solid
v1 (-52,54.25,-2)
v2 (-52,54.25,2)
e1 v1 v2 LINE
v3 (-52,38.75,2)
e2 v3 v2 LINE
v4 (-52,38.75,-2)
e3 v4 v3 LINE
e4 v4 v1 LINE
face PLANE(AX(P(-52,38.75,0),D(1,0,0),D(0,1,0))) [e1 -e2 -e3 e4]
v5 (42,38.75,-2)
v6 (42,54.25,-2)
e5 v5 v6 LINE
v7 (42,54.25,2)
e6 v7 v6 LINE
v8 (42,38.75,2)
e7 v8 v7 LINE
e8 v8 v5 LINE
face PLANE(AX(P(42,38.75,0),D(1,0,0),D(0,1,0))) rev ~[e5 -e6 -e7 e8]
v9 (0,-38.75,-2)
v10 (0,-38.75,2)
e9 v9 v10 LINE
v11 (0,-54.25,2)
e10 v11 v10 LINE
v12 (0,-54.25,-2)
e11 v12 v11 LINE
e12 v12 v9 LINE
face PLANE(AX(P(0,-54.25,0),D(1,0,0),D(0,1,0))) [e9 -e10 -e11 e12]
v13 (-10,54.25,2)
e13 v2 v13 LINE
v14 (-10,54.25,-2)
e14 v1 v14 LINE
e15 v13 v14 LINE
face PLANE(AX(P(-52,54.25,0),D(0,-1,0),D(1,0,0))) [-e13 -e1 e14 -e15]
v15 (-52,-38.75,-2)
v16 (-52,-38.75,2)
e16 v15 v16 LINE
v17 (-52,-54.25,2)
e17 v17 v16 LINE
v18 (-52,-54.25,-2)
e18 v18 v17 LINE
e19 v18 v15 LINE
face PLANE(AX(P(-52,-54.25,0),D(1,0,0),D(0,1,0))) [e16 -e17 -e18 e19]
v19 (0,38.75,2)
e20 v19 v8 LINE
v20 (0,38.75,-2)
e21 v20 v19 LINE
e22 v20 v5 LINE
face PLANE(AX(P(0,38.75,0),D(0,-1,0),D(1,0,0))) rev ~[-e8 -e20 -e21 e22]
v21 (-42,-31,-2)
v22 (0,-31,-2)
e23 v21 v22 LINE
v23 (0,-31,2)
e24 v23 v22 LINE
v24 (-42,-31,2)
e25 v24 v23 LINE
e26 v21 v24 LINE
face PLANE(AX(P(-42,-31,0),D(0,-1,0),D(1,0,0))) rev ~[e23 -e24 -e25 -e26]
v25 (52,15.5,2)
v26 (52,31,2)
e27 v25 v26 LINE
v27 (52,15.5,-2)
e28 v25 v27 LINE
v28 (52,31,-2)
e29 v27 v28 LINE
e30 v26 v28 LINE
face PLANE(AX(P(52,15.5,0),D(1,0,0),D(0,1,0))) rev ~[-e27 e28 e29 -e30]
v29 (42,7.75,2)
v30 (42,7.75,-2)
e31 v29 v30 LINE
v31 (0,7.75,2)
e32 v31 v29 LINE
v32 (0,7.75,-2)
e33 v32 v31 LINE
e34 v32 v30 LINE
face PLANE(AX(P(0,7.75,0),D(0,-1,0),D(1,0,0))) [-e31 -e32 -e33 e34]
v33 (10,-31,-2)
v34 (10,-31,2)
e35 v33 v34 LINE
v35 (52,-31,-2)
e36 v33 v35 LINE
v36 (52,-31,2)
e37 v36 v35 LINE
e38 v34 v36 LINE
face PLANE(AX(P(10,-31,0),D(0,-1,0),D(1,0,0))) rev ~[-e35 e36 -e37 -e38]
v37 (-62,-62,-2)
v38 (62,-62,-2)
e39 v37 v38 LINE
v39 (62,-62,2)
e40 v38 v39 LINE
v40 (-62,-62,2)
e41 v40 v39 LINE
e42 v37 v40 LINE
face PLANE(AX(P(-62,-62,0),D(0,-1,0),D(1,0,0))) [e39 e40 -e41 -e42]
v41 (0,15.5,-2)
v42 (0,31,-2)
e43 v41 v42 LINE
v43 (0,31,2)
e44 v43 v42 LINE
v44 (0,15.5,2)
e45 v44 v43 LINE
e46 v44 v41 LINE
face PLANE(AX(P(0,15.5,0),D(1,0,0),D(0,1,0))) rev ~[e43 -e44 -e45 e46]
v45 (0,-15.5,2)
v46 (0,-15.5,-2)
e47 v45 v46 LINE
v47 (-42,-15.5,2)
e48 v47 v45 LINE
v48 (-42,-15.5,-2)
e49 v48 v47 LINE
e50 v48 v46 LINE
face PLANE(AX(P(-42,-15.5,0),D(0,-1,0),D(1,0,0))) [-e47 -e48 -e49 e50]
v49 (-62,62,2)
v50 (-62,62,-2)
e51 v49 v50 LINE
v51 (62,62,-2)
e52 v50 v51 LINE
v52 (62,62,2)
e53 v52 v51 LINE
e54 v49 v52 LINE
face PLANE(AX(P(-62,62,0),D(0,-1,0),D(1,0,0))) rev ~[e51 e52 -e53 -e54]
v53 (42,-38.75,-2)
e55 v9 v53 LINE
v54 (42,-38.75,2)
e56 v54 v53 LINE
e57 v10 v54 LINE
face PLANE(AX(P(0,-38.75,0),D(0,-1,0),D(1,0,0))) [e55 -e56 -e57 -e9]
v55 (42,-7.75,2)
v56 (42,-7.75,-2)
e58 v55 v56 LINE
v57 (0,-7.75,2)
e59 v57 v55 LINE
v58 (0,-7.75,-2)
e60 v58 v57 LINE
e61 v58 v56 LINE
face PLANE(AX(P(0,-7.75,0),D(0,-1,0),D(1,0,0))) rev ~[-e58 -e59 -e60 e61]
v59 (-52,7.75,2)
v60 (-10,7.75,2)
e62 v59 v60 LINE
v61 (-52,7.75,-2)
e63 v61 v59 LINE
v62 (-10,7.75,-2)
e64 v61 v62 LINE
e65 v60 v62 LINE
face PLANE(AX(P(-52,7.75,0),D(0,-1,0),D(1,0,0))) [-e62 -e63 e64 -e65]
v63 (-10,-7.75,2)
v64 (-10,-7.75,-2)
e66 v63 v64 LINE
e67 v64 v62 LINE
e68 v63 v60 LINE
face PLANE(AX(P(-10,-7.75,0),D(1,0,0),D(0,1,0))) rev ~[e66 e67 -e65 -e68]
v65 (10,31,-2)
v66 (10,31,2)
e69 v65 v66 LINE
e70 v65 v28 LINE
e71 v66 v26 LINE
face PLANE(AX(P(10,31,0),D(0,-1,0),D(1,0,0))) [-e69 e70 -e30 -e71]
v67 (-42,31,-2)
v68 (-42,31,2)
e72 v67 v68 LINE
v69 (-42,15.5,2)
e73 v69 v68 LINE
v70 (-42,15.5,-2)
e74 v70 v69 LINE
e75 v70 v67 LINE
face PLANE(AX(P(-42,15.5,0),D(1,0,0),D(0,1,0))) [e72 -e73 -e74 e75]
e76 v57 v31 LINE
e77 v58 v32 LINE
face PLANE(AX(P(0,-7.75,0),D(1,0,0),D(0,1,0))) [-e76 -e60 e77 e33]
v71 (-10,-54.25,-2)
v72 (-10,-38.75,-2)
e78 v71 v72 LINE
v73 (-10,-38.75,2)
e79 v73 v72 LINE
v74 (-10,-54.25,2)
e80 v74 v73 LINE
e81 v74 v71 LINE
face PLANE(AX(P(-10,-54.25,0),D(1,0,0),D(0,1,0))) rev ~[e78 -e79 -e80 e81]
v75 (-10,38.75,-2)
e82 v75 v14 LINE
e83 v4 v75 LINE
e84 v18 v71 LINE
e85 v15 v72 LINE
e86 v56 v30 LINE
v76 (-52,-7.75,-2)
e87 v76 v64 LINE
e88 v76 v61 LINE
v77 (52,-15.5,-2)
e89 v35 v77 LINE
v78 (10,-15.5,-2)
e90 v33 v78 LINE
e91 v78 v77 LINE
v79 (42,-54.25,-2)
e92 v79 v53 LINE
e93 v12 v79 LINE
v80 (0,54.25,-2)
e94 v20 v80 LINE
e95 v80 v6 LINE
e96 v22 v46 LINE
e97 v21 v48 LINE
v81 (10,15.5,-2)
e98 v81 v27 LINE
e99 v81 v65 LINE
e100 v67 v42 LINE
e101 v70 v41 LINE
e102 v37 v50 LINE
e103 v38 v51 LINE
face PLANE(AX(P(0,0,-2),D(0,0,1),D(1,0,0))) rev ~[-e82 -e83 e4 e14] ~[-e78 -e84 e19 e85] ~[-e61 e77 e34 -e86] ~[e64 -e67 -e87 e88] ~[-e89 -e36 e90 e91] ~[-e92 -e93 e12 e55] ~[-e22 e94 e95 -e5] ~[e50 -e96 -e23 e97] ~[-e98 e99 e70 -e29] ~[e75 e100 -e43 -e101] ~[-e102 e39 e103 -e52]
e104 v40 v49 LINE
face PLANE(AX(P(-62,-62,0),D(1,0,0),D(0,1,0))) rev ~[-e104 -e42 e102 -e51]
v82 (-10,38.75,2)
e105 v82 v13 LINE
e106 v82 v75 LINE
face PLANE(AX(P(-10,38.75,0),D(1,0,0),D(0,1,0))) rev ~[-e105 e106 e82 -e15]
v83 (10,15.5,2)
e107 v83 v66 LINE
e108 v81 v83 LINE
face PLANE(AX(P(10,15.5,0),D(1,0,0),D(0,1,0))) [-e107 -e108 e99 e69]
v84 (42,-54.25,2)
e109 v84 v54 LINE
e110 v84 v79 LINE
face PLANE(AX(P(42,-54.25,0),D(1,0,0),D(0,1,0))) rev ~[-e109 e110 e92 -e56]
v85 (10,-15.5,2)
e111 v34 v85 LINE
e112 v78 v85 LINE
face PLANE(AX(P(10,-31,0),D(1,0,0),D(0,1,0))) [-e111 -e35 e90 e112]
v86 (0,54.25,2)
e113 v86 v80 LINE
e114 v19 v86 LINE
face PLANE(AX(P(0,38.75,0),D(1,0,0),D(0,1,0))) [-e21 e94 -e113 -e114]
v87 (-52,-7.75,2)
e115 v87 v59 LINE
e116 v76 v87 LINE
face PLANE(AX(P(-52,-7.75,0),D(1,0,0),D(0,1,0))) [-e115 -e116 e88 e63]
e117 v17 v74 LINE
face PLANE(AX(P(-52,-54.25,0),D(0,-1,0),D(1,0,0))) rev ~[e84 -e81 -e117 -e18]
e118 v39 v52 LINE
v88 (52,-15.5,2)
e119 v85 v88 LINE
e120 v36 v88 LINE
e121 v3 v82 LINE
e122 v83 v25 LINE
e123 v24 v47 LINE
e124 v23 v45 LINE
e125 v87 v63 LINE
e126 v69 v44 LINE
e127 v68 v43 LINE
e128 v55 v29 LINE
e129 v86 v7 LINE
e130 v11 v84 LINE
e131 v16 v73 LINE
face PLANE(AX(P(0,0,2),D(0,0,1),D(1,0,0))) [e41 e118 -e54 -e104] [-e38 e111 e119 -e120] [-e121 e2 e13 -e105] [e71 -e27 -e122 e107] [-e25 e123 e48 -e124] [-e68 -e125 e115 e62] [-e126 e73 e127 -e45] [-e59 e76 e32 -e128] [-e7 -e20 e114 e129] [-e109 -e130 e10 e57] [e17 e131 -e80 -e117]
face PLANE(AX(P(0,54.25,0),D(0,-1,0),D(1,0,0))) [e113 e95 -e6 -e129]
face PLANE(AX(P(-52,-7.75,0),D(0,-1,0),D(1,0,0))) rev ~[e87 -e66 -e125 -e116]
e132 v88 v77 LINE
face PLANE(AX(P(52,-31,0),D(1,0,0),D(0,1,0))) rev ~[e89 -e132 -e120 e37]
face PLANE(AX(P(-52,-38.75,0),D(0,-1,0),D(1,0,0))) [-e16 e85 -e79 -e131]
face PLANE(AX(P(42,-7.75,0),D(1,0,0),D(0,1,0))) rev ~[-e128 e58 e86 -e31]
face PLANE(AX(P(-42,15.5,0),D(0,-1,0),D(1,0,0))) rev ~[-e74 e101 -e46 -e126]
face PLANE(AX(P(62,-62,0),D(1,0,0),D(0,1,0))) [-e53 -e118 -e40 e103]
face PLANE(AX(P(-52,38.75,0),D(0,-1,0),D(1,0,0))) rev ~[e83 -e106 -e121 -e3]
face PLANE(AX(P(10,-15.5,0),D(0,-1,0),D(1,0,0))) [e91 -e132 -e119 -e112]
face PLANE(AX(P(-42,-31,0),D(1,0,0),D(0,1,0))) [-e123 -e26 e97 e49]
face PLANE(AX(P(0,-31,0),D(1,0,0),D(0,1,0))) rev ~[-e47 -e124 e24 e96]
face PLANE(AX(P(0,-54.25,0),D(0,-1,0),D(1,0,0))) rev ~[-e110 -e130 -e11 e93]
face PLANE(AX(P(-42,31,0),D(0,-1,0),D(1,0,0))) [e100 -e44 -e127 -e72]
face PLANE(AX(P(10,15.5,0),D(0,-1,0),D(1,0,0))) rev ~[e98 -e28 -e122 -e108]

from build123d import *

# Parameters (mm, degrees)
F0_W     = 124
F0_H     = 124
F0_W_2   = 42
F0_H_2   = 15.5
F1_DEPTH = 2


with BuildPart() as f1:
    # F0 (on Top) → F1 (new body, symmetric)
    with BuildSketch(Plane.XY):
        Rectangle(F0_W, F0_H)
        with Locations((-31, -46.5)):
            Rectangle(F0_W_2, F0_H_2, mode=Mode.SUBTRACT)
        with Locations((-21, -23.25)):
            Rectangle(F0_W_2, F0_H_2, mode=Mode.SUBTRACT)
        with Locations((21, -46.5)):
            Rectangle(F0_W_2, F0_H_2, mode=Mode.SUBTRACT)
        with Locations((31, -23.25)):
            Rectangle(F0_W_2, F0_H_2, mode=Mode.SUBTRACT)
        with Locations((-31, 0)):
            Rectangle(F0_W_2, F0_H_2, mode=Mode.SUBTRACT)
        with Locations((-21, 23.25)):
            Rectangle(F0_W_2, F0_H_2, mode=Mode.SUBTRACT)
        with Locations((-31, 46.5)):
            Rectangle(F0_W_2, F0_H_2, mode=Mode.SUBTRACT)
        with Locations((21, 0)):
            Rectangle(F0_W_2, F0_H_2, mode=Mode.SUBTRACT)
        with Locations((31, 23.25)):
            Rectangle(F0_W_2, F0_H_2, mode=Mode.SUBTRACT)
        with Locations((21, 46.5)):
            Rectangle(F0_W_2, F0_H_2, mode=Mode.SUBTRACT)
    extrude(amount=F1_DEPTH, both=True)


solid = f1.part
